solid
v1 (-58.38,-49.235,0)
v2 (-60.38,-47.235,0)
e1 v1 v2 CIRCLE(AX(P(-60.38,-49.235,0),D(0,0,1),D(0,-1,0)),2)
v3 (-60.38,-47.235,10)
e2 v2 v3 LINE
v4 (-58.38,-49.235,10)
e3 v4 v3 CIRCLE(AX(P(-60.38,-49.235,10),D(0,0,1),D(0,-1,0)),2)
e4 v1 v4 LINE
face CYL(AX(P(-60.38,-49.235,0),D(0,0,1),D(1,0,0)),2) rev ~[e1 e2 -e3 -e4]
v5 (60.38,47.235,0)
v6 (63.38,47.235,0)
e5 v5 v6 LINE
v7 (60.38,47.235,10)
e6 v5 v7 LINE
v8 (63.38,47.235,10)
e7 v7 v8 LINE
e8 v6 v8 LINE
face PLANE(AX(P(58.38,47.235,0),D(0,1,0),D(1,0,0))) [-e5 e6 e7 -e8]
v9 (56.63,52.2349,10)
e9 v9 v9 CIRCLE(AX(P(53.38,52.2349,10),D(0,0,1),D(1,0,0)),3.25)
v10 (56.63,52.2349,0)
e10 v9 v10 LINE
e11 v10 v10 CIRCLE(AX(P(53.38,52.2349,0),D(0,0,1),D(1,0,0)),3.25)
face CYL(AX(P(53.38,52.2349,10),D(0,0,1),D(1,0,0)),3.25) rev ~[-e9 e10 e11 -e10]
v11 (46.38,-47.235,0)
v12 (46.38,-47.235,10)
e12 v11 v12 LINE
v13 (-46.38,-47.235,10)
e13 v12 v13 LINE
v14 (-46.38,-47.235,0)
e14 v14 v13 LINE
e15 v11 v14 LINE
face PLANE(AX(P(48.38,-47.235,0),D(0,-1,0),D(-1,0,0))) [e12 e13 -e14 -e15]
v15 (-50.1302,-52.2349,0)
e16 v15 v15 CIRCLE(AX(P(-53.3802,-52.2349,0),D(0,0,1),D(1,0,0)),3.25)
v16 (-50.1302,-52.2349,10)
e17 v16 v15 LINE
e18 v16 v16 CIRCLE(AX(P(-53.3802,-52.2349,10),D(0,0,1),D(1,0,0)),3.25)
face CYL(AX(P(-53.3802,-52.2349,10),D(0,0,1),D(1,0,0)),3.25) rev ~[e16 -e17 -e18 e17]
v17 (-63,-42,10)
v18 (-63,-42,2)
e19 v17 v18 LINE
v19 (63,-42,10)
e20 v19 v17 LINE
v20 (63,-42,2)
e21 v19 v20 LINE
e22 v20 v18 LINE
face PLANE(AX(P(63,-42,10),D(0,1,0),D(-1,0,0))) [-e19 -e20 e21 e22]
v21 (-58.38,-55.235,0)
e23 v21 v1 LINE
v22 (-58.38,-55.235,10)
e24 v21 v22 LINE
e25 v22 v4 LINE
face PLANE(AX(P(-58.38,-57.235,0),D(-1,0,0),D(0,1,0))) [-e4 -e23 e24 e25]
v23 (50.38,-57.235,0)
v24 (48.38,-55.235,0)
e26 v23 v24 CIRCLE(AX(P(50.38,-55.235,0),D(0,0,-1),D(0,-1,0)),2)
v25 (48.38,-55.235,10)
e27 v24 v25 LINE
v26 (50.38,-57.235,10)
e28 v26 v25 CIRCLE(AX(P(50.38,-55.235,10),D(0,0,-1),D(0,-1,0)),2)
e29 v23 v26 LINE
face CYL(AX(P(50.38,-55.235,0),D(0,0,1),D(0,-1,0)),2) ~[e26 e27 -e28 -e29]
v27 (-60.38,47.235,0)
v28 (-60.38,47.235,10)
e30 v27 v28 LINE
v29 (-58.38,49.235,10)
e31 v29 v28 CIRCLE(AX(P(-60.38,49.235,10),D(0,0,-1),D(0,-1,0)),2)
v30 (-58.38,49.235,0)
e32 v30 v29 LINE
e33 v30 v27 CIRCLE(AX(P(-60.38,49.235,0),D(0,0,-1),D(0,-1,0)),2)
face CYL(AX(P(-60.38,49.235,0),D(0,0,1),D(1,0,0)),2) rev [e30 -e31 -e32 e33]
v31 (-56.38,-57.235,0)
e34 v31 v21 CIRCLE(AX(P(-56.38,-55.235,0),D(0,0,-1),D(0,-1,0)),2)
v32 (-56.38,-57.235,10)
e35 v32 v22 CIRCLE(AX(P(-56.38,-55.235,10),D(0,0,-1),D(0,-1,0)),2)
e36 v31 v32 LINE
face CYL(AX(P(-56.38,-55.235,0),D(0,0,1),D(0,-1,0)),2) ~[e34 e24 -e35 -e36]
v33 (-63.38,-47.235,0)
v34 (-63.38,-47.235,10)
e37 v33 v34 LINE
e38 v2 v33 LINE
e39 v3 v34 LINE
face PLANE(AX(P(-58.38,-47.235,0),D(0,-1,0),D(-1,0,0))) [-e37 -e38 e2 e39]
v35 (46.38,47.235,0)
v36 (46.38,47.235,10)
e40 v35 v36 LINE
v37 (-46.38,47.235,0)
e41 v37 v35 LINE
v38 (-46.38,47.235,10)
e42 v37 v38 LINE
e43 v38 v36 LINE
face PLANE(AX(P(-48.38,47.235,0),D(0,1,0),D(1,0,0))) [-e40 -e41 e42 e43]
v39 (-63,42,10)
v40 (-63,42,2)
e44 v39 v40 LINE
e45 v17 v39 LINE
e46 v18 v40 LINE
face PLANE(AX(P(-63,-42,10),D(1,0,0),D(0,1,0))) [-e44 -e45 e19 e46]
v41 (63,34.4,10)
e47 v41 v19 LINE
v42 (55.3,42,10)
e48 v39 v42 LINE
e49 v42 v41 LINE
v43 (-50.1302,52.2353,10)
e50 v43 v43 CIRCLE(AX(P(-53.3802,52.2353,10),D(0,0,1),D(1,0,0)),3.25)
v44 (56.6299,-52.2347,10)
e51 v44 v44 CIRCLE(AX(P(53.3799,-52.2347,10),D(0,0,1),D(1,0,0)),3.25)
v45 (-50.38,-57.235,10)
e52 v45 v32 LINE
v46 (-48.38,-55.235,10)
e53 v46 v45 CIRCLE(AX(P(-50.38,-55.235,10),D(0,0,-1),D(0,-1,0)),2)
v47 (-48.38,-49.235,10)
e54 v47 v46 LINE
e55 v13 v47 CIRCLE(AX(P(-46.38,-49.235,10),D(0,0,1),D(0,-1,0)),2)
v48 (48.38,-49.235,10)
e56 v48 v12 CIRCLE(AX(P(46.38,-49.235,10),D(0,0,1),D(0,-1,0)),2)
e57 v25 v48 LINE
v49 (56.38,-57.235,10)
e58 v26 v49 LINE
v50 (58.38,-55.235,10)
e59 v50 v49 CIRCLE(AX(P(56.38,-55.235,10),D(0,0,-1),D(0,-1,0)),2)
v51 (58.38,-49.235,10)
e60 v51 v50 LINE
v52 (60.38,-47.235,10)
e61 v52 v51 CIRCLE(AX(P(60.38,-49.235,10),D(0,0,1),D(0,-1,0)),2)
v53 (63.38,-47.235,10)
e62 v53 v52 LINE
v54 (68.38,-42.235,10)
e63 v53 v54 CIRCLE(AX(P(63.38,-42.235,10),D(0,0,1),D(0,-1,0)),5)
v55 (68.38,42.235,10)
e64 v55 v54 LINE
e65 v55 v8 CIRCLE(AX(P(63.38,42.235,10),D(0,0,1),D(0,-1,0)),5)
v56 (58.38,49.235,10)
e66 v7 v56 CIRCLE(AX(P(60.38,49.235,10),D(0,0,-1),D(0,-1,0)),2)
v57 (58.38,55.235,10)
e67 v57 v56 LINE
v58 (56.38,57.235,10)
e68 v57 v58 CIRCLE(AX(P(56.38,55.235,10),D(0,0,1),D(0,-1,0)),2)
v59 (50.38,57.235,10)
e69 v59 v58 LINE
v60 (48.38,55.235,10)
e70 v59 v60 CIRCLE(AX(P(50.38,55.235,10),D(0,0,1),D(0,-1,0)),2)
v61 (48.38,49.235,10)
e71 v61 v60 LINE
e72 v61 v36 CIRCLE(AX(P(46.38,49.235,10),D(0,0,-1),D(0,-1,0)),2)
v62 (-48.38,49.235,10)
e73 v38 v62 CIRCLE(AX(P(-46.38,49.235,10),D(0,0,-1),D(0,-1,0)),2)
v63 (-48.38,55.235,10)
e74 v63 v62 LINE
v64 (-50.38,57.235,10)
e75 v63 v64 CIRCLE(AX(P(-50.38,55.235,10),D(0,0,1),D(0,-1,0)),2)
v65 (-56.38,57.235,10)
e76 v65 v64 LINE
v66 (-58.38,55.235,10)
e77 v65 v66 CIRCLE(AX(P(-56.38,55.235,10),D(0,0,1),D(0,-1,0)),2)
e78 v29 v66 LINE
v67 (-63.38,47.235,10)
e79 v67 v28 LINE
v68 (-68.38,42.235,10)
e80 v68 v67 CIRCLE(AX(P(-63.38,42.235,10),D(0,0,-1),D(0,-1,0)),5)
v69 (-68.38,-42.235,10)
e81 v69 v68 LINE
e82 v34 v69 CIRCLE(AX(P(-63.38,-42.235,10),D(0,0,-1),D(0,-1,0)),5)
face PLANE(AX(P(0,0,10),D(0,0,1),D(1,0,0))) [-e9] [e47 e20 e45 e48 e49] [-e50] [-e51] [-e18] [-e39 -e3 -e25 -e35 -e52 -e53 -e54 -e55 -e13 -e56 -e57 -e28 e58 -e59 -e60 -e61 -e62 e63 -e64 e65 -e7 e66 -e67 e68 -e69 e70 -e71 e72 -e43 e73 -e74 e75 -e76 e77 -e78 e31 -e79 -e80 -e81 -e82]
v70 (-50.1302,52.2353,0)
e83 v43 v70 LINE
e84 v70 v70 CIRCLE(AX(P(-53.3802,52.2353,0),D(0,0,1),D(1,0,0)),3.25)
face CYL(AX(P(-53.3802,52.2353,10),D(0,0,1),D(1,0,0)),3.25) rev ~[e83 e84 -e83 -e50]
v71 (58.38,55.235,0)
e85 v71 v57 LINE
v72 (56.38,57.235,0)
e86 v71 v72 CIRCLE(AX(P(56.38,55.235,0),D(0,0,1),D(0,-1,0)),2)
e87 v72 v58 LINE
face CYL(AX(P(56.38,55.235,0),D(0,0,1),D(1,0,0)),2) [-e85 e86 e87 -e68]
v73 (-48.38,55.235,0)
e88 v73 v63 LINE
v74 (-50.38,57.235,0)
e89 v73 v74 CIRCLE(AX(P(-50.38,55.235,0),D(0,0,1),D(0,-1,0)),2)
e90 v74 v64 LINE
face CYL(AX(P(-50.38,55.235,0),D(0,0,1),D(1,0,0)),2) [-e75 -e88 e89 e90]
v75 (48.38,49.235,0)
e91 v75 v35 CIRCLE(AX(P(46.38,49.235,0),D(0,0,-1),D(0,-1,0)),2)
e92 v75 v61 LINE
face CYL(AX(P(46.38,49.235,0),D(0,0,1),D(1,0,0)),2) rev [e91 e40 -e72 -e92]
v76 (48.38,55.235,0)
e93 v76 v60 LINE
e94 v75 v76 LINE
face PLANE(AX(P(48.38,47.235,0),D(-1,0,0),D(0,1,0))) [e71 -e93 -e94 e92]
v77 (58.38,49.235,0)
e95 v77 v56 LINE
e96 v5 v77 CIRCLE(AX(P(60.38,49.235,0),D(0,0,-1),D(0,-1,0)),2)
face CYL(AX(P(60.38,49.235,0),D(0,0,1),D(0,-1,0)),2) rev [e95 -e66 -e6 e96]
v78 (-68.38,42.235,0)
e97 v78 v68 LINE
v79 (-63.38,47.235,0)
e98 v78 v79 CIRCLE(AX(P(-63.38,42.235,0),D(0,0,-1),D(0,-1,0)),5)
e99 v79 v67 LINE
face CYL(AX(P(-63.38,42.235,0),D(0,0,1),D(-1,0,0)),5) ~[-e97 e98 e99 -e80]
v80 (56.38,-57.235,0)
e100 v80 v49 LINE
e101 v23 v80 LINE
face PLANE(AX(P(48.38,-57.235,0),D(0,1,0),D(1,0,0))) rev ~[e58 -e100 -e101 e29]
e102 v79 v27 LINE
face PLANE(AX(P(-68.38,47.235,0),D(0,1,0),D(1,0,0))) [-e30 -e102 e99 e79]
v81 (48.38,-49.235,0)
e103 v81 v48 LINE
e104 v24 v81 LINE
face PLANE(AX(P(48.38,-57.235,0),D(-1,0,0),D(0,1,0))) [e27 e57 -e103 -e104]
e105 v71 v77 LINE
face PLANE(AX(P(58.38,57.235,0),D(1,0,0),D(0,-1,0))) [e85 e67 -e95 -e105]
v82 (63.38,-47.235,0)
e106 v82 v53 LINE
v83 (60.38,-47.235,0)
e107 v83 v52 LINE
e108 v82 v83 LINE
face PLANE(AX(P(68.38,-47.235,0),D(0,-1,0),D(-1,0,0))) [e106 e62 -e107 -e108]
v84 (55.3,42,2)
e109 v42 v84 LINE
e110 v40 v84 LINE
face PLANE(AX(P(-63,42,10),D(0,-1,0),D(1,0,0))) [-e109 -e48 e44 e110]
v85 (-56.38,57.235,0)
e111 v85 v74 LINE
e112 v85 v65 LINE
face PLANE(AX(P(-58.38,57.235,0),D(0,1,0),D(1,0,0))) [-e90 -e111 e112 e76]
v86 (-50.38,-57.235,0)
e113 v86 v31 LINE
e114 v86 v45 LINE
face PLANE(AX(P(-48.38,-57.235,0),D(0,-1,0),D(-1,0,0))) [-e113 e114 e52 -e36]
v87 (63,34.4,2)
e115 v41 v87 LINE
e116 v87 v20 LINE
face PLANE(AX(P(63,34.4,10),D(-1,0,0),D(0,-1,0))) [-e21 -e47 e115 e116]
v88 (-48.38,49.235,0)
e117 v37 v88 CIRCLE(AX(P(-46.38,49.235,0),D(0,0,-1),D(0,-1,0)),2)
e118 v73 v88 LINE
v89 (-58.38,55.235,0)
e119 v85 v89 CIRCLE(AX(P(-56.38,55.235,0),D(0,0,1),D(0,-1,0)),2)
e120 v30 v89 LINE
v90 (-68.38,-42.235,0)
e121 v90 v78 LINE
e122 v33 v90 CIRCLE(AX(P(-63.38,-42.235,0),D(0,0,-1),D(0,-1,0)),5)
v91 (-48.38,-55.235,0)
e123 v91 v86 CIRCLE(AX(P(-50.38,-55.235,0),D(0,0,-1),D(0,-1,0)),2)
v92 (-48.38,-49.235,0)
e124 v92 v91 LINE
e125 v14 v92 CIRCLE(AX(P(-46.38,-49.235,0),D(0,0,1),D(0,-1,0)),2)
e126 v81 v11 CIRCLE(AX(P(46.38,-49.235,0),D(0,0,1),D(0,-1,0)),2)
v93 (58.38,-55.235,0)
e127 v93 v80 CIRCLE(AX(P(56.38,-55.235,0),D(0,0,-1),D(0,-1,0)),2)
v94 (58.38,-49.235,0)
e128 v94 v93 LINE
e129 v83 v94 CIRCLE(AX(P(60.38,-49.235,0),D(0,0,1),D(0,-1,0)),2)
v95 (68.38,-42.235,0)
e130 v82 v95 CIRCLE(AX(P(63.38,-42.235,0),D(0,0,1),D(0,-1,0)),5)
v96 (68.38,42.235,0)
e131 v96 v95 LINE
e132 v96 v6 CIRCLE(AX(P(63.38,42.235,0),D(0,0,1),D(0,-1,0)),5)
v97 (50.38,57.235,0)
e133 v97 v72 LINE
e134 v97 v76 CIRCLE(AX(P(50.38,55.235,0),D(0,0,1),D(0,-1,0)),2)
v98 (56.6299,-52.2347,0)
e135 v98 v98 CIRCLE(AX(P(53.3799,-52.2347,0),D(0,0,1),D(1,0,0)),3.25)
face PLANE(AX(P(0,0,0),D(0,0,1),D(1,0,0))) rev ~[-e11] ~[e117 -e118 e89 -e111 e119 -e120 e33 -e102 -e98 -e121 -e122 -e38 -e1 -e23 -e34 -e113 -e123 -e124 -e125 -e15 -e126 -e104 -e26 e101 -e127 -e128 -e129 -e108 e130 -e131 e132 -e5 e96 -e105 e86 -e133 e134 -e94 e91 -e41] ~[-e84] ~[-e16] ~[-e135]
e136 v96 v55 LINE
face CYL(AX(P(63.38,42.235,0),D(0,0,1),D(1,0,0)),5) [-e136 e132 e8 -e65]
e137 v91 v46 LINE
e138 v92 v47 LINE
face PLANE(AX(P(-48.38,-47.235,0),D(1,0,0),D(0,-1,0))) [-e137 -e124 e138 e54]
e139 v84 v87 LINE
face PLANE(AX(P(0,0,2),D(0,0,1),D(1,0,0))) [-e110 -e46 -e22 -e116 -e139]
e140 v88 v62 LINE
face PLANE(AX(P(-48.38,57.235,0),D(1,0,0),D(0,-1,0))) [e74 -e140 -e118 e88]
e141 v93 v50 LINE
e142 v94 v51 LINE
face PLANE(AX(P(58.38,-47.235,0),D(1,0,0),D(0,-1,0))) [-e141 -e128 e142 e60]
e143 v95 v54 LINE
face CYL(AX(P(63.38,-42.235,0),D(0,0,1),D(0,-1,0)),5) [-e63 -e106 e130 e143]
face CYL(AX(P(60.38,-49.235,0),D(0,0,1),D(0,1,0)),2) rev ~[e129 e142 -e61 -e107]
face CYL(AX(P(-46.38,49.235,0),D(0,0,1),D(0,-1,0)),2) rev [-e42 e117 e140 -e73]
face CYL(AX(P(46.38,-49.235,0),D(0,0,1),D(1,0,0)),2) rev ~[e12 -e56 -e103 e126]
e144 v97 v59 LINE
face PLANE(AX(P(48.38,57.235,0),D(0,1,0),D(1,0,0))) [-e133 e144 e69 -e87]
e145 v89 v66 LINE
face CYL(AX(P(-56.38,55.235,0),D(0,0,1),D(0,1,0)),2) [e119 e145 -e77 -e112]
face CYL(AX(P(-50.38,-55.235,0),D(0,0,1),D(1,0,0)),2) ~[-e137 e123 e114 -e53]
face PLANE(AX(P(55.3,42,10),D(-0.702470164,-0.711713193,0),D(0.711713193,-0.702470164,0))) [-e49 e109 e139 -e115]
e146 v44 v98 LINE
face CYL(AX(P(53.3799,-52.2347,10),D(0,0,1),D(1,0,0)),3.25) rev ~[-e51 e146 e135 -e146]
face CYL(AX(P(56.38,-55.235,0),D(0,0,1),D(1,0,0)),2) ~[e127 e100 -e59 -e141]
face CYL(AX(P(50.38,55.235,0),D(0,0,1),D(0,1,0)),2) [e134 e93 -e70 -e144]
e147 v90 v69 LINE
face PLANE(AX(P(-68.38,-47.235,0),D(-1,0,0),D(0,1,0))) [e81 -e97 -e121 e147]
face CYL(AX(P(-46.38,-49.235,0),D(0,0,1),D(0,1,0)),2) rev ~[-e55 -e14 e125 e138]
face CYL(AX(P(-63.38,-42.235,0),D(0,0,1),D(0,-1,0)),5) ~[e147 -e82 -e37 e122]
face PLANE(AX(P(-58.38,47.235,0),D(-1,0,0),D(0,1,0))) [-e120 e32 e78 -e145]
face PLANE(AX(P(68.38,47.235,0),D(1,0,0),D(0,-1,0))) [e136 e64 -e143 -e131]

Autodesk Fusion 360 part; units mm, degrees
sketch "Sketch1" plane through (0, 0, 0) normal (0, 0, 1) x (1, 0, 0)
  line L0 (68.38, -47.235) -> (-68.38, -47.235)
  line L1 (-68.38, -47.235) -> (-68.38, 47.235)
  line L2 (-68.38, 47.235) -> (68.38, 47.235)
  line L3 (68.38, 47.235) -> (68.38, -47.235)
  line L4 (68.38, -47.235) -> (-68.38, 47.235) construction
  line L5 (-68.38, -47.235) -> (68.38, 47.235) construction
  line L6 (-48.38, 47.235) -> (-58.38, 47.235)
  line L7 (-58.38, 47.235) -> (-58.38, 57.235)
  line L8 (-58.38, 57.235) -> (-48.38, 57.235)
  line L9 (-48.38, 57.235) -> (-48.38, 47.235)
  line L10 (-48.38, 47.235) -> (-58.38, 57.235) construction
  line L11 (-58.38, 47.235) -> (-48.38, 57.235) construction
  line L12 (48.38, 57.235) -> (58.38, 57.235)
  line L13 (48.38, 47.235) -> (48.38, 57.235)
  line L14 (58.38, 57.235) -> (58.38, 47.235)
  line L15 (58.38, 47.235) -> (48.38, 47.235)
  line L16 (48.38, -57.235) -> (48.38, -47.235)
  line L17 (48.38, -47.235) -> (58.38, -47.235)
  line L18 (58.38, -47.235) -> (58.38, -57.235)
  line L19 (48.38, -57.235) -> (58.38, -57.235)
  line L20 (-58.38, -57.235) -> (-58.38, -47.235)
  line L21 (-58.38, -47.235) -> (-48.38, -47.235)
  line L22 (-48.38, -47.235) -> (-48.38, -57.235)
  line L23 (-48.38, -57.235) -> (-58.38, -57.235)
  point P0 (-53.38, 52.235)
  dimension "d1" = 136.76
  dimension "d2" = 94.47
  dimension "d3" = 10
  dimension "d4" = 10
  dimension "d6" = 10
  dimension "d7" = 10
extrude "Extrude1" add sketch "Sketch1" along normal blind 10 and the other way blind 0
ref_plane "WorkPlane1" through (0, 0, 10) normal (0, 0, 1) x (1, 0, 0)
sketch "Sketch2" plane through (0, 0, 10) normal (0, 0, 1) x (1, 0, 0)
  line L0 (62.5, -41.5) -> (-62.5, -41.5)
  line L1 (-62.5, -41.5) -> (-62.5, 41.5)
  line L2 (-62.5, 41.5) -> (62.5, 41.5)
  line L3 (62.5, 41.5) -> (62.5, -41.5)
  line L4 (62.5, -41.5) -> (-62.5, 41.5) construction
  line L5 (-62.5, -41.5) -> (62.5, 41.5) construction
  line L6 (-62.5, -41.5) -> (-62.5, 34.9)
  line L7 (62.5, 41.5) -> (-55.8, 41.5)
  line L8 (-62.5, 34.9) -> (-55.8, 41.5)
  dimension "d13" = 125
  dimension "d14" = 83
  dimension "d15" = 76.4
  dimension "d16" = 118.3
extrude "Extrude2" cut sketch "Sketch2" against normal blind 8 contours L0 L1 L2 L3 L6 L7 L8
ref_plane "WorkPlane2" through (0, 0, 10) normal (0, 0, 1) x (1, 0, 0)
sketch "Sketch3" plane through (0, 0, 10) normal (0, 0, 1) x (1, 0, 0)
  circle A0 centre (-53.3802, 52.2353) radius 3.25
  circle A1 centre (53.38, 52.2349) radius 3.25
  circle A2 centre (53.3799, -52.2347) radius 3.25
  circle A3 centre (-53.3802, -52.2349) radius 3.25
  dimension "d20" = 6.5
  dimension "d21" = 6.5
  dimension "d22" = 6.5
  dimension "d23" = 6.5
extrude "Extrude3" cut sketch "Sketch3" against normal blind 10
fillet "Fillet1" radius 5 4 edges at (68.38, -47.235, 5) (68.38, 47.235, 5) (-68.38, -47.235, 5) (-68.38, 47.235, 5)
fillet "Fillet2" radius 2 16 edges at (58.38, -47.235, 5) (58.38, -57.235, 5) (48.38, -57.235, 5) (58.38, 57.235, 5) (-48.38, -47.235, 5) (-48.38, -57.235, 5) (-58.38, -57.235, 5) (-48.38, 57.235, 5) (58.38, 47.235, 5) (-48.38, 47.235, 5) (-58.38, 57.235, 5) (48.38, 57.235, 5) (48.38, 47.235, 5) (-58.38, 47.235, 5) (48.38, -47.235, 5) (-58.38, -47.235, 5)
extrude "Extrude4" add 1 faces at (-18.6, -13.8333, 2) along direction (0, 0, 1) blind 8
ref_plane "WorkPlane3" through (0, 0, 10) normal (0, 0, 1) x (1, 0, 0)
sketch "Sketch4" plane through (0, 0, 10) normal (0, 0, 1) x (1, 0, 0)
  line L0 (63, -42) -> (-63, -42)
  line L1 (-63, -42) -> (-63, 42)
  line L2 (-63, 42) -> (63, 42)
  line L3 (63, 42) -> (63, -42)
  line L4 (63, -42) -> (-63, 42) construction
  line L5 (-63, -42) -> (63, 42) construction
  line L6 (63, -42) -> (63, 34.4)
  line L7 (-63, 42) -> (55.3, 42)
  line L8 (55.3, 42) -> (63, 34.4)
  dimension "d31" = 126
  dimension "d32" = 84
  dimension "d33" = 76.4
  dimension "d34" = 118.3
extrude "Extrude6" cut sketch "Sketch4" against normal blind 8 contours L0 L1 L2 L3 L6 L7 L8
extrude "Extrude5" cut sketch "Sketch4" against normal blind 8 contours L0 L1 L2 L3 L6 L7 L8
